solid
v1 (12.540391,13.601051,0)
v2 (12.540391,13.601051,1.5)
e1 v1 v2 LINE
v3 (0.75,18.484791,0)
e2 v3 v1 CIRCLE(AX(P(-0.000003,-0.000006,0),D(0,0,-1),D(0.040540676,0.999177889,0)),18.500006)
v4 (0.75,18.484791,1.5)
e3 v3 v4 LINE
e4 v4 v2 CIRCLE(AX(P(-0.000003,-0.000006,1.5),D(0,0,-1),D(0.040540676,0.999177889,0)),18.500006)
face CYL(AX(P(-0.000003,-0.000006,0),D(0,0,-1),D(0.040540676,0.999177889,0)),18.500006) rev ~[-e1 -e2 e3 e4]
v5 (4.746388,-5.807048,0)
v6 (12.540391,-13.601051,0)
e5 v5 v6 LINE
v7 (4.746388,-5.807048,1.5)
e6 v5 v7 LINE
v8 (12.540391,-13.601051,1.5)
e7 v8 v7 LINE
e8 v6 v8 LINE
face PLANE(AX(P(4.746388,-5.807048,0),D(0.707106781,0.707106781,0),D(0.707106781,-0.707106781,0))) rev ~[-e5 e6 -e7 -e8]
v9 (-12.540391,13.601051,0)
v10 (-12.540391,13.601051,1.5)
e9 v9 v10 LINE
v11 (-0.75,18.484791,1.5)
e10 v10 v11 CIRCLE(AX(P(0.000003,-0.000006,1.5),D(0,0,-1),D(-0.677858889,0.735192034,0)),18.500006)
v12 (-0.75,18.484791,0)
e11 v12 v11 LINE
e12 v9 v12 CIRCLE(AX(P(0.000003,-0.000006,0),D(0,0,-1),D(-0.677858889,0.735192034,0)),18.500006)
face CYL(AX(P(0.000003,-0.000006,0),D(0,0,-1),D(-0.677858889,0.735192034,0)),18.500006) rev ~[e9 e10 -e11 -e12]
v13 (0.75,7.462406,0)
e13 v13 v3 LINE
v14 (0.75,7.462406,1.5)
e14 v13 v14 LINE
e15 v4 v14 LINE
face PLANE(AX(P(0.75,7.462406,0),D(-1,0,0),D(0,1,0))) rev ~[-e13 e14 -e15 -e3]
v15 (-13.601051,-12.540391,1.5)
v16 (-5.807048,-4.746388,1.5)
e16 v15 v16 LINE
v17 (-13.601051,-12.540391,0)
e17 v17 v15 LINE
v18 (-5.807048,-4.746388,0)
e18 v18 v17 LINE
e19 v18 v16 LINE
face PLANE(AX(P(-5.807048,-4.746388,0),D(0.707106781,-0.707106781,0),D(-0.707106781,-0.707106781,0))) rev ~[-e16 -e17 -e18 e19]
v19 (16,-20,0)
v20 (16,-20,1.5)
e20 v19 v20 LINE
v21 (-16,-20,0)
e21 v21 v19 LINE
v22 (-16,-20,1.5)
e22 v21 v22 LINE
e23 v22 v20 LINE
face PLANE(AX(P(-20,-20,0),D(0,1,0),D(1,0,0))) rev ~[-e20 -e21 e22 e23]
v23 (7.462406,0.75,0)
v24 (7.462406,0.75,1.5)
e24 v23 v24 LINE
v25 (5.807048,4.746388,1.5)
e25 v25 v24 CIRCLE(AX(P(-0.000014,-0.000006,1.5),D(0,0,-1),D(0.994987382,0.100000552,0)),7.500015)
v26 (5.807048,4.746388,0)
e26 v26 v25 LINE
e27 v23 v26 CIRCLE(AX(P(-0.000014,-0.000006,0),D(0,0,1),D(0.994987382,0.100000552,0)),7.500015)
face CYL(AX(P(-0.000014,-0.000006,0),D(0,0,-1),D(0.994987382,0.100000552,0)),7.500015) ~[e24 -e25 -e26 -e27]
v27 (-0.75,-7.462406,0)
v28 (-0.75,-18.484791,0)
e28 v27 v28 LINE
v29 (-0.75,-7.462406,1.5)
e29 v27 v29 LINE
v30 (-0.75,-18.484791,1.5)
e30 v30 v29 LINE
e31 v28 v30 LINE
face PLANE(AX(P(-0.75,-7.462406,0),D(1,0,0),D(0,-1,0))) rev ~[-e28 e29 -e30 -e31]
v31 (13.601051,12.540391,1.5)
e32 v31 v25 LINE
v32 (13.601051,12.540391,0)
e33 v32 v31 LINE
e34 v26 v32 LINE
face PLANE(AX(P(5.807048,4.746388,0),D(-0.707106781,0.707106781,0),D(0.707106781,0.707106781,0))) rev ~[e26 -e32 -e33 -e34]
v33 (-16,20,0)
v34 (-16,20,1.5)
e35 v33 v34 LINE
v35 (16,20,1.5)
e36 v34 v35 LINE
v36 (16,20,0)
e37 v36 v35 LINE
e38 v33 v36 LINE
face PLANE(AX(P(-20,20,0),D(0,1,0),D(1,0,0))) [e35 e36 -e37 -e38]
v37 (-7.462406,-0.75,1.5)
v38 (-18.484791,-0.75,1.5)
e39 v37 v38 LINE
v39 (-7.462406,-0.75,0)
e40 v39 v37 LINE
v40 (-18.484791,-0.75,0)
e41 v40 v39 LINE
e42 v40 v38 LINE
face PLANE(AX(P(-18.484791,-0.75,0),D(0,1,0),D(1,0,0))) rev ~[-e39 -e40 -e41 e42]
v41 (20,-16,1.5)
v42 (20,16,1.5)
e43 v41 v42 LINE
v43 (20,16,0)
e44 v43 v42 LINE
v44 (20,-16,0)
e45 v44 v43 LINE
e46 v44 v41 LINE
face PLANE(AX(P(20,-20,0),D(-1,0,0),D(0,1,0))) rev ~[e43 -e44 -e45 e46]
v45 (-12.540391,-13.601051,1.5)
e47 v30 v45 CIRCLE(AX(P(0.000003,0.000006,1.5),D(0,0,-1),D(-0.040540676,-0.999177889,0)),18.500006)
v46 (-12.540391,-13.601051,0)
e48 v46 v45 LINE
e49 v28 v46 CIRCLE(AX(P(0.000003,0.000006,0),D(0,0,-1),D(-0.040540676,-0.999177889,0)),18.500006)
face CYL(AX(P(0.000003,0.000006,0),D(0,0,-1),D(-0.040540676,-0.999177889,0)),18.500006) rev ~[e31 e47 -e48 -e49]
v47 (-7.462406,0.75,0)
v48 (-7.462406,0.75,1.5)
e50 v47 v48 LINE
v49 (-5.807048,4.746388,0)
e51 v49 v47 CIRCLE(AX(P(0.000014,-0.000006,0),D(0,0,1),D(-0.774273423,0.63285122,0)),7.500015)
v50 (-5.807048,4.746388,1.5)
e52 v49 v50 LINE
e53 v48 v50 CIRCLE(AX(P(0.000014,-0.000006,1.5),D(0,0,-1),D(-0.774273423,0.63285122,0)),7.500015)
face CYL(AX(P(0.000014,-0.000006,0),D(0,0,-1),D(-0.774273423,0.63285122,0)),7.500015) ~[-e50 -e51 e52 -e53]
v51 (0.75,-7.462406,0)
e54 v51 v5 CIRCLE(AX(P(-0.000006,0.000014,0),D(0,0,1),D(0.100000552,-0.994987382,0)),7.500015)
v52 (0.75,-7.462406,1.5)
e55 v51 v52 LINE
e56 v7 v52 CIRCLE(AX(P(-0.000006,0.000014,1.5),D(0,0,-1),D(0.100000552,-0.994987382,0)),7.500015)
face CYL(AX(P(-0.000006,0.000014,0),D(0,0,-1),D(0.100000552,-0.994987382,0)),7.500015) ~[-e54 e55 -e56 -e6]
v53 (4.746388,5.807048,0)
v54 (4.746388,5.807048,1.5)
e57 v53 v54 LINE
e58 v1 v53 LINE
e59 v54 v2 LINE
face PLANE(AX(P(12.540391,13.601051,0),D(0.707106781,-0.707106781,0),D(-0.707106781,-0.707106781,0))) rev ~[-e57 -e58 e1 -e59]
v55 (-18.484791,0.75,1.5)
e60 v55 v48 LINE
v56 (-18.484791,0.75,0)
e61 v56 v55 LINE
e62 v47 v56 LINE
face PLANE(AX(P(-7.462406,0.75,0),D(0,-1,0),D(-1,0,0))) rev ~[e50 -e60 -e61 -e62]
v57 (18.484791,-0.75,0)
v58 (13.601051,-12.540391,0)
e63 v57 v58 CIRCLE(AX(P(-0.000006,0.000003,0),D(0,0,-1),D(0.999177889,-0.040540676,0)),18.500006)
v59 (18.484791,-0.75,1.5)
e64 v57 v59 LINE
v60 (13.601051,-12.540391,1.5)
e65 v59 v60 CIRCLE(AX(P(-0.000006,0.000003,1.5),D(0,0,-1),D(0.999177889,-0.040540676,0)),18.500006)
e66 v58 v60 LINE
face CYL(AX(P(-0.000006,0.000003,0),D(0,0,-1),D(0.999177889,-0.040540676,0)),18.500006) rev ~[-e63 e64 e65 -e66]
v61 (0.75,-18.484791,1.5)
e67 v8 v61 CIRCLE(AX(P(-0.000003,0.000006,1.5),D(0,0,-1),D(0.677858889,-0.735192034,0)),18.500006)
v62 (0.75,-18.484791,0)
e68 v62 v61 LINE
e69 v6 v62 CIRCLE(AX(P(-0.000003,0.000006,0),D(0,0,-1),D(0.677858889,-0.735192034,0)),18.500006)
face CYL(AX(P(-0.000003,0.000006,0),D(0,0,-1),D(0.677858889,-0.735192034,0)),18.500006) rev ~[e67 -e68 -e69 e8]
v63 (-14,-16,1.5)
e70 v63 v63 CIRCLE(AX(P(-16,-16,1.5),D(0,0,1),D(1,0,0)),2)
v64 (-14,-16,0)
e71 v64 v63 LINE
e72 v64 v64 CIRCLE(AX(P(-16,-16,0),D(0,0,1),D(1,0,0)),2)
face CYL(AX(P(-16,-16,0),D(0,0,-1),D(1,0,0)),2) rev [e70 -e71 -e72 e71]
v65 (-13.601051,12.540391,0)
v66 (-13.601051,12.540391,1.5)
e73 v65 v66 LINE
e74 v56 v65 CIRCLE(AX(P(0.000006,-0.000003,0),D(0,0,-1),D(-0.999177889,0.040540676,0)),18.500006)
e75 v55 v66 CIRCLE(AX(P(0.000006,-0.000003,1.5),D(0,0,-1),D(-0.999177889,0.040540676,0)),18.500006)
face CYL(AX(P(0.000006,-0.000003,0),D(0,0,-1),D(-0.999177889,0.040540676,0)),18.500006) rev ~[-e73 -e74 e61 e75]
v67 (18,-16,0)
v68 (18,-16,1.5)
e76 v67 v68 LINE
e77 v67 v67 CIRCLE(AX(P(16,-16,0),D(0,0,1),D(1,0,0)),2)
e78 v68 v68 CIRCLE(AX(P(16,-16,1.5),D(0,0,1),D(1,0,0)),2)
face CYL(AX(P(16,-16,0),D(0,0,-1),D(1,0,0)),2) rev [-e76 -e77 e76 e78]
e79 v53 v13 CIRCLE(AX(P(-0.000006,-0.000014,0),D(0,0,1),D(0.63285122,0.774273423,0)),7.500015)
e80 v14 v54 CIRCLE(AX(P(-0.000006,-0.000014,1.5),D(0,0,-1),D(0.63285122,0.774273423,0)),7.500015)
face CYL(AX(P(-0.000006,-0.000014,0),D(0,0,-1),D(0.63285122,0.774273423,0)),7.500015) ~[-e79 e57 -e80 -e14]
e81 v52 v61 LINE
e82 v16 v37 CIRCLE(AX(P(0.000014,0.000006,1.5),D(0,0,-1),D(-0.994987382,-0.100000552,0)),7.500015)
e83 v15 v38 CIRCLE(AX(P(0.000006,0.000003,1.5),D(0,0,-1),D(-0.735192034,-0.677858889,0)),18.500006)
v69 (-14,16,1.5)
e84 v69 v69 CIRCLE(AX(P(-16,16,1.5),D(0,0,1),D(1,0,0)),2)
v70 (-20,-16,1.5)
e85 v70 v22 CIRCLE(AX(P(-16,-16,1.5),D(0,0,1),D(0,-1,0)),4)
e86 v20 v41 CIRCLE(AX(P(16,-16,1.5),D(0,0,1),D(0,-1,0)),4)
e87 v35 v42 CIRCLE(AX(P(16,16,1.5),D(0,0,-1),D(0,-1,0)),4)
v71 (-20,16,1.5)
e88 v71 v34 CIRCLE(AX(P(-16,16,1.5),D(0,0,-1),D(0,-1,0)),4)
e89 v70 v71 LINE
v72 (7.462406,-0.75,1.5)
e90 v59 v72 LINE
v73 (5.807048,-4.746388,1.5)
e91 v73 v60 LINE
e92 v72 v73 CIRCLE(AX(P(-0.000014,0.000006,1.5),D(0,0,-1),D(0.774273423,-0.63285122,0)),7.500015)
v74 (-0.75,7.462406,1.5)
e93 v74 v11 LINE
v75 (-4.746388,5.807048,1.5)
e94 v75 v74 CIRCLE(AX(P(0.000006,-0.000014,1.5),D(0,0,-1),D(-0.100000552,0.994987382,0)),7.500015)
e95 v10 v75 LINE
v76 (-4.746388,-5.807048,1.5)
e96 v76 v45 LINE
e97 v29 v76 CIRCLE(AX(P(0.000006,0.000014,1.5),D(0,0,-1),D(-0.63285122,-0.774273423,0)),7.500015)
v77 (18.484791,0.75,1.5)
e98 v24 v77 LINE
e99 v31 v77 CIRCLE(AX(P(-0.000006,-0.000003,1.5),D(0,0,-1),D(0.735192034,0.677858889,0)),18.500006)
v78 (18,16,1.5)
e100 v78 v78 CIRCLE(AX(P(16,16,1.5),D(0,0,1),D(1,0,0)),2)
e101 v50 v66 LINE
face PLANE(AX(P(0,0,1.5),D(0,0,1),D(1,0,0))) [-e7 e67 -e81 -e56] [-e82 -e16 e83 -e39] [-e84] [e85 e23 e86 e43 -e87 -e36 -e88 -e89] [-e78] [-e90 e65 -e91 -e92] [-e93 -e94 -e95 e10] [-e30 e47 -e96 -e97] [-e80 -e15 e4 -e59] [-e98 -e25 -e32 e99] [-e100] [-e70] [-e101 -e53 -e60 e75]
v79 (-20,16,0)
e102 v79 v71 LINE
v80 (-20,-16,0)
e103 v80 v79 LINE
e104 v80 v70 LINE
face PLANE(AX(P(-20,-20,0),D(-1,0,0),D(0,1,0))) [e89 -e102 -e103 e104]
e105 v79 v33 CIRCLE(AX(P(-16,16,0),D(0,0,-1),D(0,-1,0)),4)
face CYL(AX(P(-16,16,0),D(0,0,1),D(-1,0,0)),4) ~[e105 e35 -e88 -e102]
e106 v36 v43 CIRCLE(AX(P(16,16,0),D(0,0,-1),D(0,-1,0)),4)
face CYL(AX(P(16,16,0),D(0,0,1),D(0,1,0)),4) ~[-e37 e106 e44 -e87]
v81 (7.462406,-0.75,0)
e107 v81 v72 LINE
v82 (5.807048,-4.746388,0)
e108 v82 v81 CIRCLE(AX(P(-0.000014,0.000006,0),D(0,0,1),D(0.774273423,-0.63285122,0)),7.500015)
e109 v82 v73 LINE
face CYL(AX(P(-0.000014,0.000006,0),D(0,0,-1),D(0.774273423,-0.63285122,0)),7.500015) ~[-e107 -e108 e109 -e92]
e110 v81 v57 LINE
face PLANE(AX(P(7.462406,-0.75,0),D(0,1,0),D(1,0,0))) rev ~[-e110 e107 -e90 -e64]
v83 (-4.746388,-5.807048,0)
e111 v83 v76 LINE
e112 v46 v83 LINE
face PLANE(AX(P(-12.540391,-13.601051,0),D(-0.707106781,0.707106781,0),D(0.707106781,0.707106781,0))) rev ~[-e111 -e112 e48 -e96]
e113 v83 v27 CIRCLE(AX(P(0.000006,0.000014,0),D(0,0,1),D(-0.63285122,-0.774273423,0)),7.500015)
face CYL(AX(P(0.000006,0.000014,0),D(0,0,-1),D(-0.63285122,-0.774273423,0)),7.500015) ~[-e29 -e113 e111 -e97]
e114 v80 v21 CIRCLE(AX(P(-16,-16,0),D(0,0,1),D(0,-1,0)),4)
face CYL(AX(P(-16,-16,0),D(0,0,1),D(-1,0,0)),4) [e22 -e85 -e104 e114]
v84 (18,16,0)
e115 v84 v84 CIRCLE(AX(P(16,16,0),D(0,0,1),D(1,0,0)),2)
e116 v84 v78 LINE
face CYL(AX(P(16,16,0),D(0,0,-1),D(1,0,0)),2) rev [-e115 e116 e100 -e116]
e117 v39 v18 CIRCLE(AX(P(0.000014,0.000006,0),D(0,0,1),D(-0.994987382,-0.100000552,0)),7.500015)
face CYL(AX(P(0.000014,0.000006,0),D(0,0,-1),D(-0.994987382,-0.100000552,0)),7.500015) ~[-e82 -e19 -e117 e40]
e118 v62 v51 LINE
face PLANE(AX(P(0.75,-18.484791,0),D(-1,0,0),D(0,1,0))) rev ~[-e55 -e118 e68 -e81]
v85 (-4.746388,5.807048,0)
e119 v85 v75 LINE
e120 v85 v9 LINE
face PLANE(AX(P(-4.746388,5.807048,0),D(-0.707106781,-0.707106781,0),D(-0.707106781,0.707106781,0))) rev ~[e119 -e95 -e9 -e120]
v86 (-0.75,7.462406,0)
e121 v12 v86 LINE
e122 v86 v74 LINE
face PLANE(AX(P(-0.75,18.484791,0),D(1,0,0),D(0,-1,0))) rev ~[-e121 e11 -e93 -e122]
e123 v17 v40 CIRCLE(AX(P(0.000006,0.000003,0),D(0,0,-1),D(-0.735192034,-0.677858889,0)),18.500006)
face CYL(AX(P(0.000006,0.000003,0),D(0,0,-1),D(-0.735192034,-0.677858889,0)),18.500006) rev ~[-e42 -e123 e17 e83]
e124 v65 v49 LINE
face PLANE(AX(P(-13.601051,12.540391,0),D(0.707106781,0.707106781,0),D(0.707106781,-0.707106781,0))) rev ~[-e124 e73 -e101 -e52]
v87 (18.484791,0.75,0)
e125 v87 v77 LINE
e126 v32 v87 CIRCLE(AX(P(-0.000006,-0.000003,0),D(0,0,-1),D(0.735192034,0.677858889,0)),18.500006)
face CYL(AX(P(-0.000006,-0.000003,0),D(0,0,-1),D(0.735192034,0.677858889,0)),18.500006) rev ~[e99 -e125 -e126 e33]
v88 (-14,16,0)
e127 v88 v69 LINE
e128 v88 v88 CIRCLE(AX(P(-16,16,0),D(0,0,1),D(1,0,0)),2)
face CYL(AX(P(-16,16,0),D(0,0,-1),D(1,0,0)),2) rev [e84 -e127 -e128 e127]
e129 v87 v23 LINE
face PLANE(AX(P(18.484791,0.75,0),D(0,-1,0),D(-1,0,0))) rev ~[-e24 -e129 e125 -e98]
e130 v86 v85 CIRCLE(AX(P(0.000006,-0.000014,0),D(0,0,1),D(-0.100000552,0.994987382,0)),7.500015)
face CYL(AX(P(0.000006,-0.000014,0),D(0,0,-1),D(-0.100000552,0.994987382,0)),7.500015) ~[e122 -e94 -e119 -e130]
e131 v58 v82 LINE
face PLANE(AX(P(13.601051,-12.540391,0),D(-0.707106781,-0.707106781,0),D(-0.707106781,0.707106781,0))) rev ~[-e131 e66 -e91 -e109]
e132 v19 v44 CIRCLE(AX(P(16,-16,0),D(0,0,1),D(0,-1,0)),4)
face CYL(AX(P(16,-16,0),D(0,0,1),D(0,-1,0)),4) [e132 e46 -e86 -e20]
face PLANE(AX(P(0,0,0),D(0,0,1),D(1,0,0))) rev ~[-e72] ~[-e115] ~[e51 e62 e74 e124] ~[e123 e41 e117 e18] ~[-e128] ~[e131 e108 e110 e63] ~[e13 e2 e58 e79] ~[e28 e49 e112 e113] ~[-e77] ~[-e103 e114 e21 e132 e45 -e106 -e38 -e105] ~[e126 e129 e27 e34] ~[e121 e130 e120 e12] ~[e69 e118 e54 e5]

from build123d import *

# Parameters (mm, degrees)
F0_W     = 40
F0_H     = 40
F0_R     = 2
F1_DEPTH = 1.5
F2_W     = 40
F2_H     = 40
F3_DEPTH = 25
F4_R     = 4


with BuildPart() as f1:
    # F0 (on Top) → F1 (new body)
    with BuildSketch(Plane.XY):
        Rectangle(F0_W, F0_H)
        with Locations((-16, -16)):
            Circle(F0_R, mode=Mode.SUBTRACT)
        with Locations((16, -16)):
            Circle(F0_R, mode=Mode.SUBTRACT)
        with Locations((-16, 16)):
            Circle(F0_R, mode=Mode.SUBTRACT)
        with Locations((16, 16)):
            Circle(F0_R, mode=Mode.SUBTRACT)
    extrude(amount=F1_DEPTH)

    # F2 (on Top) → F3 (intersect)
    with BuildSketch(Plane.XY):
        Rectangle(F2_W, F2_H)
        with BuildLine():
            Line((-12.540391, -13.601051), (-4.746388, -5.807048))
            ThreePointArc((-4.746388, -5.807048), (-2.870126, -6.929096), (-0.75, -7.462406))
            Line((-0.75, -7.462406), (-0.75, -18.484791))
            ThreePointArc((-0.75, -18.484791), (-7.079643, -17.091771), (-12.540391, -13.601051))
        make_face(mode=Mode.SUBTRACT)
        with BuildLine():
            Line((-18.484791, -0.75), (-7.462406, -0.75))
            ThreePointArc((-7.462406, -0.75), (-6.929096, -2.870126), (-5.807048, -4.746388))
            Line((-5.807048, -4.746388), (-13.601051, -12.540391))
            ThreePointArc((-13.601051, -12.540391), (-17.091771, -7.079643), (-18.484791, -0.75))
        make_face(mode=Mode.SUBTRACT)
        with BuildLine():
            Line((0.75, -18.484791), (0.75, -7.462406))
            ThreePointArc((0.75, -7.462406), (2.870126, -6.929096), (4.746388, -5.807048))
            Line((4.746388, -5.807048), (12.540391, -13.601051))
            ThreePointArc((12.540391, -13.601051), (7.079643, -17.091771), (0.75, -18.484791))
        make_face(mode=Mode.SUBTRACT)
        with BuildLine():
            Line((13.601051, -12.540391), (5.807048, -4.746388))
            ThreePointArc((5.807048, -4.746388), (6.929096, -2.870126), (7.462406, -0.75))
            Line((7.462406, -0.75), (18.484791, -0.75))
            ThreePointArc((18.484791, -0.75), (17.091771, -7.079643), (13.601051, -12.540391))
        make_face(mode=Mode.SUBTRACT)
        with BuildLine():
            ThreePointArc((-18.484791, 0.75), (-17.091771, 7.079643), (-13.601051, 12.540391))
            Line((-13.601051, 12.540391), (-5.807048, 4.746388))
            ThreePointArc((-5.807048, 4.746388), (-6.929096, 2.870126), (-7.462406, 0.75))
            Line((-7.462406, 0.75), (-18.484791, 0.75))
        make_face(mode=Mode.SUBTRACT)
        with BuildLine():
            ThreePointArc((-12.540391, 13.601051), (-7.079643, 17.091771), (-0.75, 18.484791))
            Line((-0.75, 18.484791), (-0.75, 7.462406))
            ThreePointArc((-0.75, 7.462406), (-2.870126, 6.929096), (-4.746388, 5.807048))
            Line((-4.746388, 5.807048), (-12.540391, 13.601051))
        make_face(mode=Mode.SUBTRACT)
        with BuildLine():
            ThreePointArc((13.601051, 12.540391), (17.091771, 7.079643), (18.484791, 0.75))
            Line((18.484791, 0.75), (7.462406, 0.75))
            ThreePointArc((7.462406, 0.75), (6.929096, 2.870126), (5.807048, 4.746388))
            Line((5.807048, 4.746388), (13.601051, 12.540391))
        make_face(mode=Mode.SUBTRACT)
        with BuildLine():
            Line((0.75, 7.462406), (0.75, 18.484791))
            ThreePointArc((0.75, 18.484791), (7.079643, 17.091771), (12.540391, 13.601051))
            Line((12.540391, 13.601051), (4.746388, 5.807048))
            ThreePointArc((4.746388, 5.807048), (2.870126, 6.929096), (0.75, 7.462406))
        make_face(mode=Mode.SUBTRACT)
    extrude(amount=F3_DEPTH, mode=Mode.INTERSECT)

    # F4
    f4_edges = [f1.edges().sort_by_distance(p)[0] for p in [
        (-20, 20, 0.75),
        (20, 20, 0.75),
        (-20, -20, 0.75),
        (20, -20, 0.75),
    ]]
    fillet(f4_edges, radius=F4_R)


solid = f1.part
